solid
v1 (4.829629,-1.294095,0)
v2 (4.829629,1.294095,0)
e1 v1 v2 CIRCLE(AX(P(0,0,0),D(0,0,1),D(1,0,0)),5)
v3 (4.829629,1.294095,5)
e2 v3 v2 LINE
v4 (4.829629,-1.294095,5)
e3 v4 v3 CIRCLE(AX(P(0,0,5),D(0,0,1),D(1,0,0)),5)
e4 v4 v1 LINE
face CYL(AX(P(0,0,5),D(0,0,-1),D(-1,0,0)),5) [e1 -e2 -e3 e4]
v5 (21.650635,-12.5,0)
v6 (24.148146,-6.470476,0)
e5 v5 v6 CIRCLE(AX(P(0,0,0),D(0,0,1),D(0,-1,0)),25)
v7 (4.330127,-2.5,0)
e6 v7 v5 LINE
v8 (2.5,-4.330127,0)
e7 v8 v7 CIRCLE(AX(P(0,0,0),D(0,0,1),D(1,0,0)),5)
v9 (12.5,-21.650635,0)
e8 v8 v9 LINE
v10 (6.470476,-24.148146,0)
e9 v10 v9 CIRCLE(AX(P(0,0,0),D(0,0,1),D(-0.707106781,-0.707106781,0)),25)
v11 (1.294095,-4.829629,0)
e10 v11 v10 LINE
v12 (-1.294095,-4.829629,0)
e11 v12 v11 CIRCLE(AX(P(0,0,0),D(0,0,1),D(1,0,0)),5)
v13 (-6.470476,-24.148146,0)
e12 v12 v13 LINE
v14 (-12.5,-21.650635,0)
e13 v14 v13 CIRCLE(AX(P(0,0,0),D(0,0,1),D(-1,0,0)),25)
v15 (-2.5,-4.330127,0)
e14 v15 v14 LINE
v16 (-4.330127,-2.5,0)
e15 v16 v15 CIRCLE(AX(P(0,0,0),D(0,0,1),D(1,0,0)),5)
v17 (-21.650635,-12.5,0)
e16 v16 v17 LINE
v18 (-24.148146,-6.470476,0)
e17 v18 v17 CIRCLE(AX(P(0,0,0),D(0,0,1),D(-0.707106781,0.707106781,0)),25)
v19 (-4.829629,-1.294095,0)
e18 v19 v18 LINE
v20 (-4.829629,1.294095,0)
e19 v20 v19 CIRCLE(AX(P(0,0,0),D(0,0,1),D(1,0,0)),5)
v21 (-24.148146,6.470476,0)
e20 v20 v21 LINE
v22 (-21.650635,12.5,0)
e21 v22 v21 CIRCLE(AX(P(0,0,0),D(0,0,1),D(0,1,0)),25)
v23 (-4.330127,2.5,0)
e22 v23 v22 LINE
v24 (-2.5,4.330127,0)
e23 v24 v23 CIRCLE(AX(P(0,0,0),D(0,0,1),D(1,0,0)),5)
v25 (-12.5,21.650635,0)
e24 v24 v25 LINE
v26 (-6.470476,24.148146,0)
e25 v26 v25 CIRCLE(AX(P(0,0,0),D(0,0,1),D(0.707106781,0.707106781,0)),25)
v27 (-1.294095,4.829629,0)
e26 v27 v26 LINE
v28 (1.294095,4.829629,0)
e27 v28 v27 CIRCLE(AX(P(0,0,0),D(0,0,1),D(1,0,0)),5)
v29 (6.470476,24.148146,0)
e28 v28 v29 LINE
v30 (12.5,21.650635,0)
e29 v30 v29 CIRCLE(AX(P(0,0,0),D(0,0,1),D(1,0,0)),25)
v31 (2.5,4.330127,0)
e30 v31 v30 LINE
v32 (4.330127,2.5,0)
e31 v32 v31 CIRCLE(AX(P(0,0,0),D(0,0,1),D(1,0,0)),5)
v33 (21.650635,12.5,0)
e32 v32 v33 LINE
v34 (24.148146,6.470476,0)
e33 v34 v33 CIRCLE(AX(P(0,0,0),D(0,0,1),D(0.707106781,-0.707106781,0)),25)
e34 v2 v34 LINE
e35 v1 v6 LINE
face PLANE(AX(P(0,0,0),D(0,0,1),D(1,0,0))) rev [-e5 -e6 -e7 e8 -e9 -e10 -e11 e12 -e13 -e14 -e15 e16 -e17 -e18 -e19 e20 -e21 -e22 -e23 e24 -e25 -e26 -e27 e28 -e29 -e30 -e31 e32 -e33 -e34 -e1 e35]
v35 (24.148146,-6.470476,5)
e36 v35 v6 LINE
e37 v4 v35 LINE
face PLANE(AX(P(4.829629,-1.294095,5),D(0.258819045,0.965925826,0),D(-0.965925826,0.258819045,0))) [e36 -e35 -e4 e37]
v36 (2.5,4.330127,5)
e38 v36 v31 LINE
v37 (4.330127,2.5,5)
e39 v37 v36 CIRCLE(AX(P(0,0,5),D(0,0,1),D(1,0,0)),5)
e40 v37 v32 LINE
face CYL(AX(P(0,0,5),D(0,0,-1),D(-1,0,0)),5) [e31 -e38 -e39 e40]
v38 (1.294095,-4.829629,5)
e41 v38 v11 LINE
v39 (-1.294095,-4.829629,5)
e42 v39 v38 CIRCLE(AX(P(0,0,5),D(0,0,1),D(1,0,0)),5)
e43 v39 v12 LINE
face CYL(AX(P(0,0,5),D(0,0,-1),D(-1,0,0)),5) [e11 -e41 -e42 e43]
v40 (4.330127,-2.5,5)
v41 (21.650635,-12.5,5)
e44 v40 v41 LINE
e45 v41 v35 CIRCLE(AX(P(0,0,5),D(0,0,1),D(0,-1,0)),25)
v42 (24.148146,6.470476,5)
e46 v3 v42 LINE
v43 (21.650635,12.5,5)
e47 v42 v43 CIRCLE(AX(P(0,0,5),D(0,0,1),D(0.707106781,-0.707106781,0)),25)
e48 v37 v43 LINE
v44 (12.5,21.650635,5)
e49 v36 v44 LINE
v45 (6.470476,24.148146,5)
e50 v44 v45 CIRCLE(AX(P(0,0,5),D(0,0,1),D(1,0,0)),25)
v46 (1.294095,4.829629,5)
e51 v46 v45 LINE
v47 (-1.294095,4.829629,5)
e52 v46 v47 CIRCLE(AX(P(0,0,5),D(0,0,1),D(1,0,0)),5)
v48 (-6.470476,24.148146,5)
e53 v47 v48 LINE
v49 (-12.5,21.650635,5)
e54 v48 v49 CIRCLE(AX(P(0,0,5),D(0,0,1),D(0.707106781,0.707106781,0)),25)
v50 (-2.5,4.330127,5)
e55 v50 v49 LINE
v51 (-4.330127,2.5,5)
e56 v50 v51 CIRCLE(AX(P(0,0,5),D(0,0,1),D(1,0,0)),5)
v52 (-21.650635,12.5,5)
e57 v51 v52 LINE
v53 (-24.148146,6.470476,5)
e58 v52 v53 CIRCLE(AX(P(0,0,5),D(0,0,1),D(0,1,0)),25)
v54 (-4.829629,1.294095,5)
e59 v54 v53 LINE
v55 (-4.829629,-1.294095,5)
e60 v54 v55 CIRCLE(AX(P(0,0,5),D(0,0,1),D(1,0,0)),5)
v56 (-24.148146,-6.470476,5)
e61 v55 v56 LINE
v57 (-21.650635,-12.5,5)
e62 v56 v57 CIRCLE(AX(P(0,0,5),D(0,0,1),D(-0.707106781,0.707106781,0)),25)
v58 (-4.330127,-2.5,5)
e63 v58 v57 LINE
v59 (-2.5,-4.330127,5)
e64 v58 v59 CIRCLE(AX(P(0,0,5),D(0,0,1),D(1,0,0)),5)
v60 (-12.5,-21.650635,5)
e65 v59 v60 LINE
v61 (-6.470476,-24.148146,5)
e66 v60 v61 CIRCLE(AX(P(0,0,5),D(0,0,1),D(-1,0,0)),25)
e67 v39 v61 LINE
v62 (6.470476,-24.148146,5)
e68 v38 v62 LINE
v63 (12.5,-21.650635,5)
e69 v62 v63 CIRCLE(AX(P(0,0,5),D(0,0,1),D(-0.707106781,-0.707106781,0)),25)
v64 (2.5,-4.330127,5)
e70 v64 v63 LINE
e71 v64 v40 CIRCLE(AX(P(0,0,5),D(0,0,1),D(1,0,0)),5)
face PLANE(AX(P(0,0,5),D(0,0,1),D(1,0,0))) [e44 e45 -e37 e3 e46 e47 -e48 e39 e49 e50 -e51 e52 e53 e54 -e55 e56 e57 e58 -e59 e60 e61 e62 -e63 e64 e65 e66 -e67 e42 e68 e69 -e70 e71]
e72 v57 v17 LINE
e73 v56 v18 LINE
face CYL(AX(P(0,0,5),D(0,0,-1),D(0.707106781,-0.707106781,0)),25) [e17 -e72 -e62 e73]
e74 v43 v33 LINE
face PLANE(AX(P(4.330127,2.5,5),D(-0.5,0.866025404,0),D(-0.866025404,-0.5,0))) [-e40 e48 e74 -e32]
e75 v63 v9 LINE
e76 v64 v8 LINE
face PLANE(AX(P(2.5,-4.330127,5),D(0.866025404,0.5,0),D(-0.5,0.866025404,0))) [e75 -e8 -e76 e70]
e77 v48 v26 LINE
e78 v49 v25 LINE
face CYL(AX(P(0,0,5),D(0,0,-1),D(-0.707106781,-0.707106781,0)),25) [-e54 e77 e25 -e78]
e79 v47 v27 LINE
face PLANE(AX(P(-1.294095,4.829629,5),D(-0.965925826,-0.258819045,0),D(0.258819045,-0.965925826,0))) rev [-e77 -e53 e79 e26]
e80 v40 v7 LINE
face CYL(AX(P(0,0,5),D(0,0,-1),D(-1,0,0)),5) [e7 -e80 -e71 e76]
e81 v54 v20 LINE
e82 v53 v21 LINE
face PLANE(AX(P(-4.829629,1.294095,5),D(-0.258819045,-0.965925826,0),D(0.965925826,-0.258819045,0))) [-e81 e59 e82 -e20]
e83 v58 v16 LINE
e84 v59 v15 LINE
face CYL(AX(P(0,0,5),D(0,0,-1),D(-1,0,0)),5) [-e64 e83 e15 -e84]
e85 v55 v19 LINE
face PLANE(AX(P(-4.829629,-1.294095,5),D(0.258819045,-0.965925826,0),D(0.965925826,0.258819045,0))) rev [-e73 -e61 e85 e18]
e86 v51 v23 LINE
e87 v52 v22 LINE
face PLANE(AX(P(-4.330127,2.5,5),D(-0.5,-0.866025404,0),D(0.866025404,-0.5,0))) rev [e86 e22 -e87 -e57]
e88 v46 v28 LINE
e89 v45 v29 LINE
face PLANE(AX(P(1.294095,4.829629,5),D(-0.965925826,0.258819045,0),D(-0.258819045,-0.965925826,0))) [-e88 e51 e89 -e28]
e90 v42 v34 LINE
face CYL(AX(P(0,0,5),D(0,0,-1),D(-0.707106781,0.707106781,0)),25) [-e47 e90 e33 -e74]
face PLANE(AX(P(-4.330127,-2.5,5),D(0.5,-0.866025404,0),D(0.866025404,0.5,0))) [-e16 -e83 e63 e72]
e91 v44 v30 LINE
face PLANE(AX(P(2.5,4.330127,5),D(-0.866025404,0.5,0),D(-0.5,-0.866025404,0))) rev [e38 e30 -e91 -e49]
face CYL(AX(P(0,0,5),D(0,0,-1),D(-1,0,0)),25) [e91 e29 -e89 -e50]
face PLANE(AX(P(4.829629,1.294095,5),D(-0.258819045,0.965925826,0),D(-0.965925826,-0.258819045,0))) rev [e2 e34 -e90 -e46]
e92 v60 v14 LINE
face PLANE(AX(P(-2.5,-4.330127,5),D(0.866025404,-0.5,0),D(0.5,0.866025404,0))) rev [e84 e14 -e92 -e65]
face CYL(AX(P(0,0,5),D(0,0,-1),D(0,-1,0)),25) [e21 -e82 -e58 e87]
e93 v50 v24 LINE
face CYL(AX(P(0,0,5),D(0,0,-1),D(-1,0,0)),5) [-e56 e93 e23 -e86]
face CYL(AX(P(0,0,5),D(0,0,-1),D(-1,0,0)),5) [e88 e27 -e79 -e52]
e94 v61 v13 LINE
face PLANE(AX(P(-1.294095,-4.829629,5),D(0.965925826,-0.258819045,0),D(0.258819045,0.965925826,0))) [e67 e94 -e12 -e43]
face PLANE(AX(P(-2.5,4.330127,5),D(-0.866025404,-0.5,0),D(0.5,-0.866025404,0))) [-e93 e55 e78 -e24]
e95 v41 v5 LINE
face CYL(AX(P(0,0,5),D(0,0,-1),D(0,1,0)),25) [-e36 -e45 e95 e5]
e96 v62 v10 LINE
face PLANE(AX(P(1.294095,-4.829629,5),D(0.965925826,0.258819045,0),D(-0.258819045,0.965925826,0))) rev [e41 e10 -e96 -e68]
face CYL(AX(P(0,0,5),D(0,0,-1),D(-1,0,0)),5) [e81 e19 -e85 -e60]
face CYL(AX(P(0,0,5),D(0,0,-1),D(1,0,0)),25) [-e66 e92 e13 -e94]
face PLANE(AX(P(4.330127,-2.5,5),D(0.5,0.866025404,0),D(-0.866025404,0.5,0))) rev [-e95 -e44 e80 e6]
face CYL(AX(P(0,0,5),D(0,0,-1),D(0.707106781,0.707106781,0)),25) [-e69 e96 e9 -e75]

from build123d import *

# Parameters (mm, degrees)
BOSS_EXTRU_1_DEPTH           = 5
R_P_TITION_CIRCULAIRE1_COUNT = 8
ESQUISSE2_R                  = 5
BOSS_EXTRU_2_DEPTH           = 5


with BuildPart() as part:
    # Esquisse1 → Boss.-Extru.1 (new body)
    with BuildSketch(Plane.XY):
        with BuildLine():
            Line((1.294095226, 4.829629131), (6.470476128, 24.148145657))
            ThreePointArc((6.470476128, 24.148145657), (9.567085809, 23.096988313), (12.5, 21.650635095))
            Line((12.5, 21.650635095), (2.5, 4.330127019))
            ThreePointArc((2.5, 4.330127019), (1.913417162, 4.619397663), (1.294095226, 4.829629131))
        make_face()
    extrude(amount=BOSS_EXTRU_1_DEPTH)


with BuildPart() as r_p_tition_circulaire1_1:
    # Répétition circulaire1: pattern copy
    add(part.part.rotate(Axis((0, 0, 28.256111415), (0, 0, -1)), 1 * 360 / R_P_TITION_CIRCULAIRE1_COUNT))


with BuildPart() as r_p_tition_circulaire1_2:
    # Répétition circulaire1: pattern copy
    add(part.part.rotate(Axis((0, 0, 28.256111415), (0, 0, -1)), 2 * 360 / R_P_TITION_CIRCULAIRE1_COUNT))


with BuildPart() as r_p_tition_circulaire1_3:
    # Répétition circulaire1: pattern copy
    add(part.part.rotate(Axis((0, 0, 28.256111415), (0, 0, -1)), 3 * 360 / R_P_TITION_CIRCULAIRE1_COUNT))


with BuildPart() as r_p_tition_circulaire1_4:
    # Répétition circulaire1: pattern copy
    add(part.part.rotate(Axis((0, 0, 28.256111415), (0, 0, -1)), 4 * 360 / R_P_TITION_CIRCULAIRE1_COUNT))


with BuildPart() as r_p_tition_circulaire1_5:
    # Répétition circulaire1: pattern copy
    add(part.part.rotate(Axis((0, 0, 28.256111415), (0, 0, -1)), 5 * 360 / R_P_TITION_CIRCULAIRE1_COUNT))


with BuildPart() as r_p_tition_circulaire1_6:
    # Répétition circulaire1: pattern copy
    add(part.part.rotate(Axis((0, 0, 28.256111415), (0, 0, -1)), 6 * 360 / R_P_TITION_CIRCULAIRE1_COUNT))


with BuildPart() as r_p_tition_circulaire1_7:
    # Répétition circulaire1: pattern copy
    add(part.part.rotate(Axis((0, 0, 28.256111415), (0, 0, -1)), 7 * 360 / R_P_TITION_CIRCULAIRE1_COUNT))


with BuildPart() as part_1:
    add(part.part)

    add(r_p_tition_circulaire1_1.part)  # Boss.-Extru.2 merges Répétition circulaire1_1

    add(r_p_tition_circulaire1_2.part)  # Boss.-Extru.2 merges Répétition circulaire1_2

    add(r_p_tition_circulaire1_3.part)  # Boss.-Extru.2 merges Répétition circulaire1_3

    add(r_p_tition_circulaire1_4.part)  # Boss.-Extru.2 merges Répétition circulaire1_4

    add(r_p_tition_circulaire1_5.part)  # Boss.-Extru.2 merges Répétition circulaire1_5

    add(r_p_tition_circulaire1_6.part)  # Boss.-Extru.2 merges Répétition circulaire1_6

    add(r_p_tition_circulaire1_7.part)  # Boss.-Extru.2 merges Répétition circulaire1_7
    # Esquisse2 → Boss.-Extru.2 (add)
    with BuildSketch(Plane.XY):
        Circle(ESQUISSE2_R)
    extrude(amount=BOSS_EXTRU_2_DEPTH)


solid = part_1.part
